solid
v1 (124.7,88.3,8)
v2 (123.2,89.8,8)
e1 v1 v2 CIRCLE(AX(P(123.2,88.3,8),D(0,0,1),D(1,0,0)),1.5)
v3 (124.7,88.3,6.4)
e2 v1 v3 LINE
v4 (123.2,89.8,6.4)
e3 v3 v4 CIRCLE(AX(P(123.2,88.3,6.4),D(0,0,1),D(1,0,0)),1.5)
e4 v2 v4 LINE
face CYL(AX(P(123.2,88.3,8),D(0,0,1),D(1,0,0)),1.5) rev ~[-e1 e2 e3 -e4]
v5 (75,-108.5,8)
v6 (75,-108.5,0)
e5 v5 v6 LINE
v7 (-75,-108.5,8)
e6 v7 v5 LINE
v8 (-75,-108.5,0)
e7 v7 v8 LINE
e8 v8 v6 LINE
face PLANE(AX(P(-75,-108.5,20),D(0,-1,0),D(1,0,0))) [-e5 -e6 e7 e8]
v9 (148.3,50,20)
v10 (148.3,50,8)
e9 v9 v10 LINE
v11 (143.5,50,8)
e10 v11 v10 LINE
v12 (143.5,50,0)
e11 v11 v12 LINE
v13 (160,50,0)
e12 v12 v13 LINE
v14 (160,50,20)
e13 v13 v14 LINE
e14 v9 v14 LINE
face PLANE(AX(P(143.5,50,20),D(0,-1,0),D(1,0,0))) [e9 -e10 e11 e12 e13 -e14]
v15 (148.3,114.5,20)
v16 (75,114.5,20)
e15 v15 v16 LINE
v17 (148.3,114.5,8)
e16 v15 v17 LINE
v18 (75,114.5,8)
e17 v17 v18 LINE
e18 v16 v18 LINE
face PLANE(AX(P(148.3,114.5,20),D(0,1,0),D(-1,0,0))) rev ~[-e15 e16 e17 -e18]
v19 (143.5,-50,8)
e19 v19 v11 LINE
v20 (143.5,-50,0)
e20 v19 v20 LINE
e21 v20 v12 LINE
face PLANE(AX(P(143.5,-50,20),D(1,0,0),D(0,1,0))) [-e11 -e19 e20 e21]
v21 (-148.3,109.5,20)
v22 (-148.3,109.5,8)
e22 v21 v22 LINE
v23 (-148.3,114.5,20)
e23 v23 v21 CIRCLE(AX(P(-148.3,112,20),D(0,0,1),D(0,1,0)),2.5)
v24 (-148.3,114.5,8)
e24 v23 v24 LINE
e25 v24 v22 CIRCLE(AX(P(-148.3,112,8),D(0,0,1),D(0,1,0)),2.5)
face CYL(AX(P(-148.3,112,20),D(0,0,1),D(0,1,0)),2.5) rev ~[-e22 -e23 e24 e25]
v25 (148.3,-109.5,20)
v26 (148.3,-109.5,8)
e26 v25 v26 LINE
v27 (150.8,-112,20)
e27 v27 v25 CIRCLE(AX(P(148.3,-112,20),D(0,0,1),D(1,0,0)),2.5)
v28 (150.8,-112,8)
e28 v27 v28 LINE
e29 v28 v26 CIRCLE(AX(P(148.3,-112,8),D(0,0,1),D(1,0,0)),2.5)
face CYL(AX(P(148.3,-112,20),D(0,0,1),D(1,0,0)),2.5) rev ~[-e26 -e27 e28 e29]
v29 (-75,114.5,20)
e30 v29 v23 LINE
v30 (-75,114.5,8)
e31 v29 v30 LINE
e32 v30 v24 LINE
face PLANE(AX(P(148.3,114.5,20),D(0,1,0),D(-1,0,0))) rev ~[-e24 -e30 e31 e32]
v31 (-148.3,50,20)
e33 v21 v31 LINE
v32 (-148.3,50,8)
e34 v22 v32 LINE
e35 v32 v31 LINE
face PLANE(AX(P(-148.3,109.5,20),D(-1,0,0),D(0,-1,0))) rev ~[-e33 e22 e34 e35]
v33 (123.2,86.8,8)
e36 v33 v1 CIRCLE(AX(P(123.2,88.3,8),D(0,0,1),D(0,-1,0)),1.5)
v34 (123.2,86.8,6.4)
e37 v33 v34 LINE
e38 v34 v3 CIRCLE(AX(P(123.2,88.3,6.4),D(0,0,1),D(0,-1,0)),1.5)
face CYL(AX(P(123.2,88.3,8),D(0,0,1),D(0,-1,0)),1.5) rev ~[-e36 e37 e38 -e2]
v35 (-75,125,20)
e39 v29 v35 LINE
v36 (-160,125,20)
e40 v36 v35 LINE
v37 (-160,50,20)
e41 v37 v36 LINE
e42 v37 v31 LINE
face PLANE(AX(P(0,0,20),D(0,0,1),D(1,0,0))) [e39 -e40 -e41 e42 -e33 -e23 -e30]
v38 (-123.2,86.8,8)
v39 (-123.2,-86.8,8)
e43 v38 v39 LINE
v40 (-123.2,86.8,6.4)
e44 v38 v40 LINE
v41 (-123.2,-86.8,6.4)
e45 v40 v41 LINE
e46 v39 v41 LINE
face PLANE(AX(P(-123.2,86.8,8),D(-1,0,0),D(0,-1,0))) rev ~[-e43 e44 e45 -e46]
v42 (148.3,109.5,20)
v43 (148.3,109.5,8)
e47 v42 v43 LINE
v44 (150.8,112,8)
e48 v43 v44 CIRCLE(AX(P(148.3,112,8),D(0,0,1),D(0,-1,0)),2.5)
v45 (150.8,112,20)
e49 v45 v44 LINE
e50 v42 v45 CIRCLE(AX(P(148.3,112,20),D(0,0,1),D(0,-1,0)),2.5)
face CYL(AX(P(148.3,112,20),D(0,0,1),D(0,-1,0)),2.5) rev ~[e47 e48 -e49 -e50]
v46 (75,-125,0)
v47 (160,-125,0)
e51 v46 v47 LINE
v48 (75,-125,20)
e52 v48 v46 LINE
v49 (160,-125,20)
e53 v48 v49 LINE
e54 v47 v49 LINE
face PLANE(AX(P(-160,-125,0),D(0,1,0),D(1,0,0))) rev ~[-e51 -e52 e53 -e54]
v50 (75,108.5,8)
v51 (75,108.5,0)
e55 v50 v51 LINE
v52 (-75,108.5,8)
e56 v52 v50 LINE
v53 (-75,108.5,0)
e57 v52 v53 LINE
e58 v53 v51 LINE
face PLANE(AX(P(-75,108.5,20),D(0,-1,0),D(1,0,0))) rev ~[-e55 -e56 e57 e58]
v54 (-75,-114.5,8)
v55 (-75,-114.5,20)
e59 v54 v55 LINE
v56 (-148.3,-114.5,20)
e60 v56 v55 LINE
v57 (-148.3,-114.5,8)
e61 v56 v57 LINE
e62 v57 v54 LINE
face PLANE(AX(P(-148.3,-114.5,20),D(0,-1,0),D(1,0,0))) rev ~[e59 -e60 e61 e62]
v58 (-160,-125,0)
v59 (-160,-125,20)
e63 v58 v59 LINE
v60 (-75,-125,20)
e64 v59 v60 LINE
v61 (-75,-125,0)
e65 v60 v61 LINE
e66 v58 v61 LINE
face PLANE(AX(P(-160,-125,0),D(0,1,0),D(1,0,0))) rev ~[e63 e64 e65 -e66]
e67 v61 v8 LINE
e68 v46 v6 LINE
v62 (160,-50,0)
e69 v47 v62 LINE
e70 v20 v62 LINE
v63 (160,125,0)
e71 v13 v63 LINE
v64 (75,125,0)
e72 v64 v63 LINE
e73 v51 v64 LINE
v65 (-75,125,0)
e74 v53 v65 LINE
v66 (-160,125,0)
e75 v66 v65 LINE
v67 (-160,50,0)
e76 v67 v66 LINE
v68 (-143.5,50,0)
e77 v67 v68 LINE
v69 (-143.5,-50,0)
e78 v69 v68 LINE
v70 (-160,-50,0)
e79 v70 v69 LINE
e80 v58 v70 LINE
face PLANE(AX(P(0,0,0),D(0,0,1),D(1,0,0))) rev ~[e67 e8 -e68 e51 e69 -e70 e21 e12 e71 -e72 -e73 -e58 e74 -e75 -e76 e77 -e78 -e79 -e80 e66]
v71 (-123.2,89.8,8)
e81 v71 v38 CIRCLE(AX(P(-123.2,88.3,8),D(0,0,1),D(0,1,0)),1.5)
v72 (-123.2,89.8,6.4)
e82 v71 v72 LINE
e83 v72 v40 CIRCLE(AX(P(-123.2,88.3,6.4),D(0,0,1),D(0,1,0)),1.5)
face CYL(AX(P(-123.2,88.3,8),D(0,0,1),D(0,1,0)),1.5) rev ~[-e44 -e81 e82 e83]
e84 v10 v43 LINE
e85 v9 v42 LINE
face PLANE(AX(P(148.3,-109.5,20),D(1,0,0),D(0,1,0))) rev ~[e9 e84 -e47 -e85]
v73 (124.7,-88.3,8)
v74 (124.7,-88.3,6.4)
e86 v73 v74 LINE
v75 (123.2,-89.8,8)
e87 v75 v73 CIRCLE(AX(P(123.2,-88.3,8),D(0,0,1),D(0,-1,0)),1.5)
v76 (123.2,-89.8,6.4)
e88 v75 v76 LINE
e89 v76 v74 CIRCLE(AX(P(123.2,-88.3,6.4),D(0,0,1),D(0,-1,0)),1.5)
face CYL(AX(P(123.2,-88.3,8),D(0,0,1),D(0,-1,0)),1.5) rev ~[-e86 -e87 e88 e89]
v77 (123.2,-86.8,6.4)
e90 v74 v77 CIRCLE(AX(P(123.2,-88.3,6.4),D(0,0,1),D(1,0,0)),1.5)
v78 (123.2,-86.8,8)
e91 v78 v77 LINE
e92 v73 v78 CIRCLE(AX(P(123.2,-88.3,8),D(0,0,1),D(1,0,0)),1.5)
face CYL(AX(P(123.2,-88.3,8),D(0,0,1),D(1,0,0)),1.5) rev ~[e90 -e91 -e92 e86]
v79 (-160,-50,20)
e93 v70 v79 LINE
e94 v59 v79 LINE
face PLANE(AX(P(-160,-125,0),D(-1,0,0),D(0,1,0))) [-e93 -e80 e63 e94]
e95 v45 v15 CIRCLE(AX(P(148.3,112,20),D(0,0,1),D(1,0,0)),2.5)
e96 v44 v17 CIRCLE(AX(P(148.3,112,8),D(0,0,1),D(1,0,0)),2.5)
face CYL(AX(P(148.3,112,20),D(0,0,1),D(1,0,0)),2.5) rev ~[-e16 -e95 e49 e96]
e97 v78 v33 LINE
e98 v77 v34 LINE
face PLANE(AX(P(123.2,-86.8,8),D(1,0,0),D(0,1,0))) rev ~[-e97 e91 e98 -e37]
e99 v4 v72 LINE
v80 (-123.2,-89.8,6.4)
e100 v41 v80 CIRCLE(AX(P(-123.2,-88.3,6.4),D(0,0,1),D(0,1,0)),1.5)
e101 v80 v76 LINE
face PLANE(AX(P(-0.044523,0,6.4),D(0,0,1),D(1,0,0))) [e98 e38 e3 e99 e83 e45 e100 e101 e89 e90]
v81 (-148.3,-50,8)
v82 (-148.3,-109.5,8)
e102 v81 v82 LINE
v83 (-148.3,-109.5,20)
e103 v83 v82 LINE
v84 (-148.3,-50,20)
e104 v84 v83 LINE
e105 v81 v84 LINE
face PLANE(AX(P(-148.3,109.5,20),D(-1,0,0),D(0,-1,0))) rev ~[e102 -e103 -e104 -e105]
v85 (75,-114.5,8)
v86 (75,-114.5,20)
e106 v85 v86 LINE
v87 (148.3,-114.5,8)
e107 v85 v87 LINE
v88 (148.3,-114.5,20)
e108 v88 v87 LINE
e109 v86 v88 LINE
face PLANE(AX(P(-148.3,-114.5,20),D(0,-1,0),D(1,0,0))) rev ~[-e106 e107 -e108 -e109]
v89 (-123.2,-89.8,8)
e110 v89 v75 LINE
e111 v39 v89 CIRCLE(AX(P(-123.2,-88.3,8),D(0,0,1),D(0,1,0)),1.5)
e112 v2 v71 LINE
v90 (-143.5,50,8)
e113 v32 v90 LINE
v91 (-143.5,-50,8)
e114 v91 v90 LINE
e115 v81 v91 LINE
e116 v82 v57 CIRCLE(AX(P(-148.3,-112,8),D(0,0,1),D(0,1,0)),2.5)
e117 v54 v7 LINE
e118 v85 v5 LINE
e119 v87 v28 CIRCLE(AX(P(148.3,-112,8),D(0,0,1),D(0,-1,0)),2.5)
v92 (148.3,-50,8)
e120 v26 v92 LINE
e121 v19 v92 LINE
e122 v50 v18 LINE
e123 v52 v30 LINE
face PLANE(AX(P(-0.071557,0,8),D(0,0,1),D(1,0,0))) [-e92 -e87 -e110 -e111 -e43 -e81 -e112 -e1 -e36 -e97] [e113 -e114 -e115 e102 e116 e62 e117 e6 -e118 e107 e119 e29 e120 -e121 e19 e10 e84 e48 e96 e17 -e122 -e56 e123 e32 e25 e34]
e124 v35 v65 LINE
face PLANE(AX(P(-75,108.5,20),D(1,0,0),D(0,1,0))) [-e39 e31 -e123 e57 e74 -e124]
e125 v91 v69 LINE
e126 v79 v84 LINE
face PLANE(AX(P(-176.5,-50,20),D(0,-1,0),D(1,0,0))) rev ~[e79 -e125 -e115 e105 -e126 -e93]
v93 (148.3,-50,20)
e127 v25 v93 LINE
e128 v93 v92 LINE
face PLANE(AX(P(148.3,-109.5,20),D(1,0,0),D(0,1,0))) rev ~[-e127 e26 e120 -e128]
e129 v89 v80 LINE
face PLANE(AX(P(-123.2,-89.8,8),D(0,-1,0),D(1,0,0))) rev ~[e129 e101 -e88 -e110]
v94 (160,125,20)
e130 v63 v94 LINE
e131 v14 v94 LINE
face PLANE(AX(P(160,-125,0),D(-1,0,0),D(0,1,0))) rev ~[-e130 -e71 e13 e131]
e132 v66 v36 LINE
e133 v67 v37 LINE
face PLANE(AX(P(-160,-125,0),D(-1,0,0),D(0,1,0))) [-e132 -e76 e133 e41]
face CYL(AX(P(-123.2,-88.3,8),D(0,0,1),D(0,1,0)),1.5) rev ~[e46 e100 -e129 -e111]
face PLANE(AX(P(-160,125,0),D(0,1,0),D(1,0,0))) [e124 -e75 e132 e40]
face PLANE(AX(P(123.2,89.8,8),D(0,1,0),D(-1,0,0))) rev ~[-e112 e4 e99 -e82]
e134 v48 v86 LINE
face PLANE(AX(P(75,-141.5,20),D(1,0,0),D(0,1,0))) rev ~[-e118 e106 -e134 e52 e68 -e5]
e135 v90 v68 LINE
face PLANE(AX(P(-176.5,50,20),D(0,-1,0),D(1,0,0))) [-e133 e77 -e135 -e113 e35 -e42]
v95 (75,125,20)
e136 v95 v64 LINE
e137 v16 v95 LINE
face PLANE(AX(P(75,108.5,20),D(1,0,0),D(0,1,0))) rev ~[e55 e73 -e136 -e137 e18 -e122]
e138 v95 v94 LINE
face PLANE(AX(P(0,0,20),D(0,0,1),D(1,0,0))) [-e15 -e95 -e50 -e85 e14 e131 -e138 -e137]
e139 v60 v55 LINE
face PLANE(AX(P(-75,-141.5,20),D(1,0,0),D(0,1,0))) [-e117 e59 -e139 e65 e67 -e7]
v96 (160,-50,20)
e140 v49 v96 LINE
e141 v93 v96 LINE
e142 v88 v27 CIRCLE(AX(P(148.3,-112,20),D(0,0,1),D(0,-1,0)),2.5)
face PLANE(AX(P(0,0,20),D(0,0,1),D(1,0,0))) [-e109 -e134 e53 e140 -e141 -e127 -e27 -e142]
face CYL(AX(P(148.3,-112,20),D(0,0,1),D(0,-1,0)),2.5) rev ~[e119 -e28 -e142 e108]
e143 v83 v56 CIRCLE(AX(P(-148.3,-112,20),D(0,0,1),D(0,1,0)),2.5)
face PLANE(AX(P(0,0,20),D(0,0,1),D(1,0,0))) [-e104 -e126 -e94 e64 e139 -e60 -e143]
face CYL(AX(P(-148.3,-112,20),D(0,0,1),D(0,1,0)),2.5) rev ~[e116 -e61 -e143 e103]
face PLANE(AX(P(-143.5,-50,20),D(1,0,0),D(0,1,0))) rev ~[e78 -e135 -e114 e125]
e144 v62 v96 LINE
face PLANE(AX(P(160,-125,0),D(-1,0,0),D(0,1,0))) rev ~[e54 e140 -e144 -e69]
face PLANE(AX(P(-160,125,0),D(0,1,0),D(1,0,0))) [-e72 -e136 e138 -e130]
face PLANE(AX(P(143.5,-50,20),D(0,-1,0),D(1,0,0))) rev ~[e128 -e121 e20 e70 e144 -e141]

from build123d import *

# Parameters (mm, degrees)
F0_W     = 320
F0_H     = 250
F1_DEPTH = 20
F3_DEPTH = 12
F5_DEPTH = 1.6
F6_W     = 33
F6_H     = 100
F6_W_2   = 150
F6_H_2   = 33
F7_DEPTH = 20.001


with BuildPart() as f1:
    # F0 (on Top) → F1 (new body)
    with BuildSketch(Plane.XY):
        Rectangle(F0_W, F0_H)
    extrude(amount=F1_DEPTH)

    # F2 (on face) → F3 (cut)
    with BuildSketch(Plane.XY.offset(20)):
        with BuildLine():
            ThreePointArc((148.3, 109.5), (145.8, 112), (148.3, 114.5))
            Line((148.3, 114.5), (-148.3, 114.5))
            ThreePointArc((-148.3, 114.5), (-146.532233047, 113.767766953), (-145.8, 112))
            ThreePointArc((-145.8, 112), (-146.532233047, 110.232233047), (-148.3, 109.5))
            Line((-148.3, 109.5), (-148.3, -109.5))
            ThreePointArc((-148.3, -109.5), (-146.532233047, -110.232233047), (-145.8, -112))
            ThreePointArc((-145.8, -112), (-146.532233047, -113.767766953), (-148.3, -114.5))
            Line((-148.3, -114.5), (148.3, -114.5))
            ThreePointArc((148.3, -114.5), (145.8, -112), (148.3, -109.5))
            Line((148.3, -109.5), (148.3, 109.5))
        make_face()
        with BuildLine():
            ThreePointArc((150.8, 112), (150.067766953, 113.767766953), (148.3, 114.5))
            Line((148.3, 114.5), (148.3, 109.5))
            ThreePointArc((148.3, 109.5), (150.067766953, 110.232233047), (150.8, 112))
        make_face()
        with BuildLine():
            Line((148.3, 109.5), (148.3, 114.5))
            ThreePointArc((148.3, 114.5), (145.8, 112), (148.3, 109.5))
        make_face()
        with BuildLine():
            ThreePointArc((-145.8, 112), (-146.532233047, 113.767766953), (-148.3, 114.5))
            Line((-148.3, 114.5), (-148.3, 109.5))
            ThreePointArc((-148.3, 109.5), (-146.532233047, 110.232233047), (-145.8, 112))
        make_face()
        with BuildLine():
            Line((-148.3, 109.5), (-148.3, 114.5))
            ThreePointArc((-148.3, 114.5), (-150.8, 112), (-148.3, 109.5))
        make_face()
        with BuildLine():
            ThreePointArc((150.8, -112), (150.067766953, -110.232233047), (148.3, -109.5))
            Line((148.3, -109.5), (148.3, -114.5))
            ThreePointArc((148.3, -114.5), (150.067766953, -113.767766953), (150.8, -112))
        make_face()
        with BuildLine():
            Line((148.3, -114.5), (148.3, -109.5))
            ThreePointArc((148.3, -109.5), (145.8, -112), (148.3, -114.5))
        make_face()
        with BuildLine():
            ThreePointArc((-145.8, -112), (-146.532233047, -110.232233047), (-148.3, -109.5))
            Line((-148.3, -109.5), (-148.3, -114.5))
            ThreePointArc((-148.3, -114.5), (-146.532233047, -113.767766953), (-145.8, -112))
        make_face()
        with BuildLine():
            Line((-148.3, -114.5), (-148.3, -109.5))
            ThreePointArc((-148.3, -109.5), (-150.8, -112), (-148.3, -114.5))
        make_face()
    extrude(amount=-F3_DEPTH, mode=Mode.SUBTRACT)

    # F4 (on face) → F5 (cut)
    with BuildSketch(Plane.XY.offset(8)):
        with BuildLine():
            ThreePointArc((123.2, 86.8), (121.7, 88.3), (123.2, 89.8))
            Line((123.2, 89.8), (-123.2, 89.8))
            ThreePointArc((-123.2, 89.8), (-122.1393398282, 89.3606601718), (-121.7, 88.3))
            ThreePointArc((-121.7, 88.3), (-122.1393398282, 87.2393398282), (-123.2, 86.8))
            Line((-123.2, 86.8), (-123.2, -86.8))
            ThreePointArc((-123.2, -86.8), (-122.1393398282, -87.2393398282), (-121.7, -88.3))
            ThreePointArc((-121.7, -88.3), (-122.1393398282, -89.3606601718), (-123.2, -89.8))
            Line((-123.2, -89.8), (123.2, -89.8))
            ThreePointArc((123.2, -89.8), (121.7, -88.3), (123.2, -86.8))
            Line((123.2, -86.8), (123.2, 86.8))
        make_face()
        with BuildLine():
            ThreePointArc((124.7, 88.3), (124.2606601718, 89.3606601718), (123.2, 89.8))
            Line((123.2, 89.8), (123.2, 86.8))
            ThreePointArc((123.2, 86.8), (124.2606601718, 87.2393398282), (124.7, 88.3))
        make_face()
        with BuildLine():
            Line((123.2, 86.8), (123.2, 89.8))
            ThreePointArc((123.2, 89.8), (121.7, 88.3), (123.2, 86.8))
        make_face()
        with BuildLine():
            ThreePointArc((-121.7, 88.3), (-122.1393398282, 89.3606601718), (-123.2, 89.8))
            Line((-123.2, 89.8), (-123.2, 86.8))
            ThreePointArc((-123.2, 86.8), (-122.1393398282, 87.2393398282), (-121.7, 88.3))
        make_face()
        with BuildLine():
            Line((-123.2, 86.8), (-123.2, 89.8))
            ThreePointArc((-123.2, 89.8), (-124.7, 88.3), (-123.2, 86.8))
        make_face()
        with BuildLine():
            ThreePointArc((124.7, -88.3), (124.2606601718, -87.2393398282), (123.2, -86.8))
            Line((123.2, -86.8), (123.2, -89.8))
            ThreePointArc((123.2, -89.8), (124.2606601718, -89.3606601718), (124.7, -88.3))
        make_face()
        with BuildLine():
            Line((123.2, -89.8), (123.2, -86.8))
            ThreePointArc((123.2, -86.8), (121.7, -88.3), (123.2, -89.8))
        make_face()
        with BuildLine():
            ThreePointArc((-121.7, -88.3), (-122.1393398282, -87.2393398282), (-123.2, -86.8))
            Line((-123.2, -86.8), (-123.2, -89.8))
            ThreePointArc((-123.2, -89.8), (-122.1393398282, -89.3606601718), (-121.7, -88.3))
        make_face()
        with BuildLine():
            Line((-123.2, -89.8), (-123.2, -86.8))
            ThreePointArc((-123.2, -86.8), (-124.7, -88.3), (-123.2, -89.8))
        make_face()
    extrude(amount=-F5_DEPTH, mode=Mode.SUBTRACT)

    # F6 (on face) → F7 (cut, through all)
    with BuildSketch(Plane.XY.offset(20)):
        with Locations((-160, 0)):
            Rectangle(F6_W, F6_H)
        with Locations((0, 125)):
            Rectangle(F6_W_2, F6_H_2)
        with Locations((160, 0)):
            Rectangle(F6_W, F6_H)
        with Locations((0, -125)):
            Rectangle(F6_W_2, F6_H_2)
    extrude(amount=-F7_DEPTH, mode=Mode.SUBTRACT)


solid = f1.part
